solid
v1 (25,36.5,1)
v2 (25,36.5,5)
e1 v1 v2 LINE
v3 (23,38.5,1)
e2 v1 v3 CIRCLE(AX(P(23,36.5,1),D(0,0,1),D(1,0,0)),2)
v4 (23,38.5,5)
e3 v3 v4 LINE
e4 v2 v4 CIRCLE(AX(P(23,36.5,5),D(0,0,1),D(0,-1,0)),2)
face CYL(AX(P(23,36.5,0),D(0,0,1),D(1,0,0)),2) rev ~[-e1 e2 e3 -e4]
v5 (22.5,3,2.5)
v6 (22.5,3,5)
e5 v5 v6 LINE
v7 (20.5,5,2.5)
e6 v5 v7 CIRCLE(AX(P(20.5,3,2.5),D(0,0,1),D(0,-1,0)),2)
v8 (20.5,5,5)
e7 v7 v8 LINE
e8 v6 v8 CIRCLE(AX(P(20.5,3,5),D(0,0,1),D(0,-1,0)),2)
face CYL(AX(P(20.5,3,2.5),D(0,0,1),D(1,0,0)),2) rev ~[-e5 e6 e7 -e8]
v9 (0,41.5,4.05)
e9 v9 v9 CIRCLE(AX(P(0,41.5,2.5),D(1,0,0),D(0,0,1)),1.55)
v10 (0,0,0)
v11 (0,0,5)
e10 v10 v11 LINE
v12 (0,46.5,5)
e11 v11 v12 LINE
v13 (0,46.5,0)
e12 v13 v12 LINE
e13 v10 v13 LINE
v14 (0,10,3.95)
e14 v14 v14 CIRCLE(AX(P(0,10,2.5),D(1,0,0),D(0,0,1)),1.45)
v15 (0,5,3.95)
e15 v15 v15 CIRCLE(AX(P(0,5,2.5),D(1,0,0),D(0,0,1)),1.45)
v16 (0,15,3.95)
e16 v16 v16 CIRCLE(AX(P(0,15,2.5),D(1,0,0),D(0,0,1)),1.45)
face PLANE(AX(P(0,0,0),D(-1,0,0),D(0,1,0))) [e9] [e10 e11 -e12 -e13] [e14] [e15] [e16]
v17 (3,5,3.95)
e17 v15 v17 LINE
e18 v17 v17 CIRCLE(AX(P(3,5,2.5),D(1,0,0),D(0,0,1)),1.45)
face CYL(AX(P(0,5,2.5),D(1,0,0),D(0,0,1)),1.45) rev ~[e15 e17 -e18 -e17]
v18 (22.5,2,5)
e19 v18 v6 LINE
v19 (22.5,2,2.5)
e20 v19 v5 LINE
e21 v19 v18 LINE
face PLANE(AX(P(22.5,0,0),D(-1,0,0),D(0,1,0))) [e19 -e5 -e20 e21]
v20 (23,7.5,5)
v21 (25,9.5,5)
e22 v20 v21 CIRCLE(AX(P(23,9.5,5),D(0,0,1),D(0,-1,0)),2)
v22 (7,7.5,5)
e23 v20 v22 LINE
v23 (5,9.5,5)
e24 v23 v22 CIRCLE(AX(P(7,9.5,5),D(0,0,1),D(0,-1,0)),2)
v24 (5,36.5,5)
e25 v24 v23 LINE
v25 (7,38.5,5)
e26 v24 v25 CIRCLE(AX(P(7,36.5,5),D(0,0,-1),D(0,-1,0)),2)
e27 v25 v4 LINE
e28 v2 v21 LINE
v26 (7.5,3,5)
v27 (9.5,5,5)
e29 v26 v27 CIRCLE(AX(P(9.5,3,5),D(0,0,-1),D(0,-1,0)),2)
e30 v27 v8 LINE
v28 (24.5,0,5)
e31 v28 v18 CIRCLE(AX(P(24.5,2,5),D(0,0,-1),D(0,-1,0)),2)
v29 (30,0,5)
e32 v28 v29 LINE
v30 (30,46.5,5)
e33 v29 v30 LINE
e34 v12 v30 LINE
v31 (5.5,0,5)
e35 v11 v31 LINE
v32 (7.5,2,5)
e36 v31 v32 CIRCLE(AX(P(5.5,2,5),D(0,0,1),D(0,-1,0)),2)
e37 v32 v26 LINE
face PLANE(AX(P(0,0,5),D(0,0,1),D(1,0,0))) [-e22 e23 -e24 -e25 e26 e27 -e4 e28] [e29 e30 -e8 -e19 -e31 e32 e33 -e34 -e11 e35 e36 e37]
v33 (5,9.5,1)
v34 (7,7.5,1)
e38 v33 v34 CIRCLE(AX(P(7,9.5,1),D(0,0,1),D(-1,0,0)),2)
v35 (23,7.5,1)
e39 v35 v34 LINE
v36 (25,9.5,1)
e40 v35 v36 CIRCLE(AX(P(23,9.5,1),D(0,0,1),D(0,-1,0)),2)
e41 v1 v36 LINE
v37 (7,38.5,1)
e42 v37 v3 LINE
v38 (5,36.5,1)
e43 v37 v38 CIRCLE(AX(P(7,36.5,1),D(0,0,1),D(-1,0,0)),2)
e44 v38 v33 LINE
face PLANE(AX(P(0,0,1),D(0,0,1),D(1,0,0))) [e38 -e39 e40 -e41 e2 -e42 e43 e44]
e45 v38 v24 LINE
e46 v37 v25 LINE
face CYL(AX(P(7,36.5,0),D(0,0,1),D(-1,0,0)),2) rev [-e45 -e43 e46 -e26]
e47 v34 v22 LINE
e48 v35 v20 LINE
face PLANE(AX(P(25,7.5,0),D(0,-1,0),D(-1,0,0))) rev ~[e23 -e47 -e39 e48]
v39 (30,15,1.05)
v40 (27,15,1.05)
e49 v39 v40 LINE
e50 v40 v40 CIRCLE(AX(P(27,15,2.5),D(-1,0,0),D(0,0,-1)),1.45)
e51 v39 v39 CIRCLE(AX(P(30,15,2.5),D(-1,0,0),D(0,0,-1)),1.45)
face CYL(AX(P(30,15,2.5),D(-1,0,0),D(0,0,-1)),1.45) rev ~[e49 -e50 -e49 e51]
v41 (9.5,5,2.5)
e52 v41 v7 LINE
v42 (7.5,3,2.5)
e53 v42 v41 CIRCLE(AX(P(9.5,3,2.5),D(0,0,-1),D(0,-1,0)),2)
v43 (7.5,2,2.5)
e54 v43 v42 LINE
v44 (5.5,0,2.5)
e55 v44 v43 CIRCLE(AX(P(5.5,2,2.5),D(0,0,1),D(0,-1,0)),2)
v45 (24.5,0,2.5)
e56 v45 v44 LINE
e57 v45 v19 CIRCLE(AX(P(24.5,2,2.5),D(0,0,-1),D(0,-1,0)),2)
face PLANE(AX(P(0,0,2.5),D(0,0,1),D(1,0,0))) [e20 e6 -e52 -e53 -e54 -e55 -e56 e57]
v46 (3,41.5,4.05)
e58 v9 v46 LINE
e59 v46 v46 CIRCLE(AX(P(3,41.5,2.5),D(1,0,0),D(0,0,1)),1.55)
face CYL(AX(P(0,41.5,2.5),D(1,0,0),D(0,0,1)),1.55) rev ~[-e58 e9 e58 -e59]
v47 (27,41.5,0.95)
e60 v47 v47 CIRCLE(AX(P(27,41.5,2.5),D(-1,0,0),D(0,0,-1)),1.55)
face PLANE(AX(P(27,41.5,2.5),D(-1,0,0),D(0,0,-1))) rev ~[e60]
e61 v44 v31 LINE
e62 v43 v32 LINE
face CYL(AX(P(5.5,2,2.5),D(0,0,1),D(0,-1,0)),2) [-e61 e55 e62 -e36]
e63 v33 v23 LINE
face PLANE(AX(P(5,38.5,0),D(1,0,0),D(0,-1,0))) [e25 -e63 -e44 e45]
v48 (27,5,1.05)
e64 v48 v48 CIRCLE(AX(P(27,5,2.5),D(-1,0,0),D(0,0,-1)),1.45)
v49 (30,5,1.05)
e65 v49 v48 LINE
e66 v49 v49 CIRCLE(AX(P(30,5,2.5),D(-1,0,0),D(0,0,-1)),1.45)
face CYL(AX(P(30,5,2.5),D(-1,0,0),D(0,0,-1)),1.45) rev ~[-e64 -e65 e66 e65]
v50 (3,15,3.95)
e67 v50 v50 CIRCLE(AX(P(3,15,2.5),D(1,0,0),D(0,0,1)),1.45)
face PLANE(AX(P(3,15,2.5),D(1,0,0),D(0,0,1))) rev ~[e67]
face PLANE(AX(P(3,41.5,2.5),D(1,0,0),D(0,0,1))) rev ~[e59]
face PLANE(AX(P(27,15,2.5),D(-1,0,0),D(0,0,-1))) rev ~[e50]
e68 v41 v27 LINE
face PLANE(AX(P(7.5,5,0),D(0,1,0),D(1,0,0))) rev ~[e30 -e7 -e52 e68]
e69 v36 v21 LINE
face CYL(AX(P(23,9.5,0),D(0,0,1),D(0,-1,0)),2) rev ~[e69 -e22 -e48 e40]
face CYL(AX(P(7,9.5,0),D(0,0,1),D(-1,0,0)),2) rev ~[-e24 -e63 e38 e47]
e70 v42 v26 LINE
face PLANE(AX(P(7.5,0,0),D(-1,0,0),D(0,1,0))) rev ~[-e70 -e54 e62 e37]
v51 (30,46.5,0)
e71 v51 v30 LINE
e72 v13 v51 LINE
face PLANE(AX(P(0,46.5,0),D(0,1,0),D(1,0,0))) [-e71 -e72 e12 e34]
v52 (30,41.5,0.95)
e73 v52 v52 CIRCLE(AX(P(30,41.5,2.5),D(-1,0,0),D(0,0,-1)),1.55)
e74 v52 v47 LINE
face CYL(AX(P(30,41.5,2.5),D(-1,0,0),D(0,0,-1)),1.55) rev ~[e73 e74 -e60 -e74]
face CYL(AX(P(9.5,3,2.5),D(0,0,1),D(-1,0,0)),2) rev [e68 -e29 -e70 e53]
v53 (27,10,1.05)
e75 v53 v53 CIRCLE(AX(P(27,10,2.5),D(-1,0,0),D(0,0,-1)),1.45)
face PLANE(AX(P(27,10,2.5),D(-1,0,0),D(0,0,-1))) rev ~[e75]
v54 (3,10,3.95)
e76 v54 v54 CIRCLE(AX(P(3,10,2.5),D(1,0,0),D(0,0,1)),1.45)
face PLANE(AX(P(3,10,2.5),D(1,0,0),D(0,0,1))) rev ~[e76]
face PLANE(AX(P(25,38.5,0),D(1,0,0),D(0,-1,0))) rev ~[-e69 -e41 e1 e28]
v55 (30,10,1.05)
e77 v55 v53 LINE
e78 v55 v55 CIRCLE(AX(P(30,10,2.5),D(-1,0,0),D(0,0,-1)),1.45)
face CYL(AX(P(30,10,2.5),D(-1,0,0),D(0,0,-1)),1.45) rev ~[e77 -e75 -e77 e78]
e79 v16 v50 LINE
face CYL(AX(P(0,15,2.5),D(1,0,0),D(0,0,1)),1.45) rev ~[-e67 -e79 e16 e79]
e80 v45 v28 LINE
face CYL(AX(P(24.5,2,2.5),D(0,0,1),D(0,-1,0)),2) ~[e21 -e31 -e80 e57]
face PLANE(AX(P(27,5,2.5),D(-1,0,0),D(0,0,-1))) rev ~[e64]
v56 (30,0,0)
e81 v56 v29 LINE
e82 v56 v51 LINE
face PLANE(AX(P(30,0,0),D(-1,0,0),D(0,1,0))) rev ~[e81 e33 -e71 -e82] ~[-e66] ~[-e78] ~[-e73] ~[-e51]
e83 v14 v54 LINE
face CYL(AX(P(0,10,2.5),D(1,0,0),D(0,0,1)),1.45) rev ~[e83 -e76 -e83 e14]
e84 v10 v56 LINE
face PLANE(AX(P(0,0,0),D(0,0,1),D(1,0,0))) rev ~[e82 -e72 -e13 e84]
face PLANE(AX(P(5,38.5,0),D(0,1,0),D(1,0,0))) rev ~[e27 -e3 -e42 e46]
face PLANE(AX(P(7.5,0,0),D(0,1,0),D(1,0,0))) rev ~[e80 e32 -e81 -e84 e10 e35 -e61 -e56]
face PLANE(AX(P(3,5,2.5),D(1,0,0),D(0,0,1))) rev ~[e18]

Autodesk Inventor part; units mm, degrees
ref_plane "YZ Plane" through (0, 0, 0) normal (1, 0, 0) x (0, 1, 0)
ref_plane "XZ Plane" through (0, 0, 0) normal (0, 1, 0) x (-1, 0, 0)
ref_plane "XY Plane" through (0, 0, 0) normal (0, 0, 1) x (1, 0, 0)
sketch "スケッチ1" plane through (0, 0, 0) normal (0, 0, 1) x (1, 0, 0)
  line L0 (0, 46.5) -> (30, 46.5)
  line L1 (0, 0) -> (30, 0)
  line L2 (0, 0) -> (0, 46.5)
  line L3 (30, 0) -> (30, 46.5)
  line L4 (7.5, 0) -> (7.5, 5)
  line L5 (7.5, 5) -> (22.5, 5)
  line L6 (15, 0) -> (15, 46.5) construction
  line L7 (22.5, 0) -> (22.5, 5)
  line L8 (5, 38.5) -> (25, 38.5)
  line L9 (25, 38.5) -> (25, 7.5)
  line L10 (25, 7.5) -> (5, 7.5)
  line L11 (5, 38.5) -> (5, 7.5)
  point P0 (22.5, 0)
  dimension "d2" = 30
  dimension "d38" = 46.5
  dimension "d61" = 15
  dimension "d62" = 5
  dimension "d66" = 5
  dimension "d67" = 8
  dimension "d68" = 2.5
extrude "押し出し1" add sketch "スケッチ1" along normal blind 5 contours L0 L3 L1 L7 L5 L4 L2
sketch "スケッチ4" plane through (30, 0, 0) normal (1, 0, 0) x (0, 0, -1)
  line L0 (0, 46.5) -> (-5, 46.5) projected
  line L1 (-2.5, 46.5) -> (-2.5, 0) construction
  line L2 (0, 0) -> (-5, 0) projected
  point P0 (0, 0)
  point P1 (-2.5, 41.5)
  point P2 (-2.5, 5)
  point P3 (-2.5, 10)
  point P4 (-2.5, 15)
  dimension "d22" = 5
  dimension "d40" = 5
  dimension "d41" = 5
  dimension "d42" = 5
  dimension "d60" = 26.5
hole "穴1" at (30, 41.5, 2.5) direction (-1, 0, 0) diameter 3.1 depth 3
sketch "スケッチ5" plane through (0, 0, 0) normal (-1, 0, 0) x (0, 0, 1)
  circle A0 centre (2.5, 41.5) radius 1.55 projected
  line L0 (0, 0) -> (5, 0) projected
  line L1 (2.5, 0) -> (2.5, 46.5) construction
  line L2 (0, 46.5) -> (5, 46.5) projected
  point P0 (2.5, 5)
  point P1 (2.5, 10)
  point P2 (2.5, 15)
  point P3 (4.05, 32)
  point P4 (0.95, 32)
  dimension "d50" = 5
  dimension "d51" = 5
  dimension "d52" = 5
hole "穴2" at (0, 41.5, 2.5) direction (1, 0, 0) diameter 3.1 depth 3
hole "穴5" at (30, 5, 2.5) at (30, 15, 2.5) at (30, 10, 2.5) direction (-1, 0, 0) diameter 2.9 depth 3
hole "穴6" at (0, 5, 2.5) at (0, 10, 2.5) at (0, 15, 2.5) direction (1, 0, 0) diameter 2.9 depth 3
extrude "押し出し2" add sketch "スケッチ1" along normal blind 2.5 contours L4 L5 L7 L1
fillet "フィレット3" radius 2 8 edges at (7.5, 5, 3.75) (7.5, 0, 3.75) (22.5, 5, 3.75) (22.5, 0, 3.75) (5, 38.5, 2.5) (25, 38.5, 2.5) (5, 7.5, 2.5) (25, 7.5, 2.5)
extrude "押し出し3" add sketch "スケッチ1" along normal blind 1 contours L8 L9 L10 L11
equation "\"d41\" = d42"
equation "\"d51\" = d41"
equation "\"d52\" = d42"
properties part number "Cockpit_lower_back_door" material "アセタール樹脂、黒"
